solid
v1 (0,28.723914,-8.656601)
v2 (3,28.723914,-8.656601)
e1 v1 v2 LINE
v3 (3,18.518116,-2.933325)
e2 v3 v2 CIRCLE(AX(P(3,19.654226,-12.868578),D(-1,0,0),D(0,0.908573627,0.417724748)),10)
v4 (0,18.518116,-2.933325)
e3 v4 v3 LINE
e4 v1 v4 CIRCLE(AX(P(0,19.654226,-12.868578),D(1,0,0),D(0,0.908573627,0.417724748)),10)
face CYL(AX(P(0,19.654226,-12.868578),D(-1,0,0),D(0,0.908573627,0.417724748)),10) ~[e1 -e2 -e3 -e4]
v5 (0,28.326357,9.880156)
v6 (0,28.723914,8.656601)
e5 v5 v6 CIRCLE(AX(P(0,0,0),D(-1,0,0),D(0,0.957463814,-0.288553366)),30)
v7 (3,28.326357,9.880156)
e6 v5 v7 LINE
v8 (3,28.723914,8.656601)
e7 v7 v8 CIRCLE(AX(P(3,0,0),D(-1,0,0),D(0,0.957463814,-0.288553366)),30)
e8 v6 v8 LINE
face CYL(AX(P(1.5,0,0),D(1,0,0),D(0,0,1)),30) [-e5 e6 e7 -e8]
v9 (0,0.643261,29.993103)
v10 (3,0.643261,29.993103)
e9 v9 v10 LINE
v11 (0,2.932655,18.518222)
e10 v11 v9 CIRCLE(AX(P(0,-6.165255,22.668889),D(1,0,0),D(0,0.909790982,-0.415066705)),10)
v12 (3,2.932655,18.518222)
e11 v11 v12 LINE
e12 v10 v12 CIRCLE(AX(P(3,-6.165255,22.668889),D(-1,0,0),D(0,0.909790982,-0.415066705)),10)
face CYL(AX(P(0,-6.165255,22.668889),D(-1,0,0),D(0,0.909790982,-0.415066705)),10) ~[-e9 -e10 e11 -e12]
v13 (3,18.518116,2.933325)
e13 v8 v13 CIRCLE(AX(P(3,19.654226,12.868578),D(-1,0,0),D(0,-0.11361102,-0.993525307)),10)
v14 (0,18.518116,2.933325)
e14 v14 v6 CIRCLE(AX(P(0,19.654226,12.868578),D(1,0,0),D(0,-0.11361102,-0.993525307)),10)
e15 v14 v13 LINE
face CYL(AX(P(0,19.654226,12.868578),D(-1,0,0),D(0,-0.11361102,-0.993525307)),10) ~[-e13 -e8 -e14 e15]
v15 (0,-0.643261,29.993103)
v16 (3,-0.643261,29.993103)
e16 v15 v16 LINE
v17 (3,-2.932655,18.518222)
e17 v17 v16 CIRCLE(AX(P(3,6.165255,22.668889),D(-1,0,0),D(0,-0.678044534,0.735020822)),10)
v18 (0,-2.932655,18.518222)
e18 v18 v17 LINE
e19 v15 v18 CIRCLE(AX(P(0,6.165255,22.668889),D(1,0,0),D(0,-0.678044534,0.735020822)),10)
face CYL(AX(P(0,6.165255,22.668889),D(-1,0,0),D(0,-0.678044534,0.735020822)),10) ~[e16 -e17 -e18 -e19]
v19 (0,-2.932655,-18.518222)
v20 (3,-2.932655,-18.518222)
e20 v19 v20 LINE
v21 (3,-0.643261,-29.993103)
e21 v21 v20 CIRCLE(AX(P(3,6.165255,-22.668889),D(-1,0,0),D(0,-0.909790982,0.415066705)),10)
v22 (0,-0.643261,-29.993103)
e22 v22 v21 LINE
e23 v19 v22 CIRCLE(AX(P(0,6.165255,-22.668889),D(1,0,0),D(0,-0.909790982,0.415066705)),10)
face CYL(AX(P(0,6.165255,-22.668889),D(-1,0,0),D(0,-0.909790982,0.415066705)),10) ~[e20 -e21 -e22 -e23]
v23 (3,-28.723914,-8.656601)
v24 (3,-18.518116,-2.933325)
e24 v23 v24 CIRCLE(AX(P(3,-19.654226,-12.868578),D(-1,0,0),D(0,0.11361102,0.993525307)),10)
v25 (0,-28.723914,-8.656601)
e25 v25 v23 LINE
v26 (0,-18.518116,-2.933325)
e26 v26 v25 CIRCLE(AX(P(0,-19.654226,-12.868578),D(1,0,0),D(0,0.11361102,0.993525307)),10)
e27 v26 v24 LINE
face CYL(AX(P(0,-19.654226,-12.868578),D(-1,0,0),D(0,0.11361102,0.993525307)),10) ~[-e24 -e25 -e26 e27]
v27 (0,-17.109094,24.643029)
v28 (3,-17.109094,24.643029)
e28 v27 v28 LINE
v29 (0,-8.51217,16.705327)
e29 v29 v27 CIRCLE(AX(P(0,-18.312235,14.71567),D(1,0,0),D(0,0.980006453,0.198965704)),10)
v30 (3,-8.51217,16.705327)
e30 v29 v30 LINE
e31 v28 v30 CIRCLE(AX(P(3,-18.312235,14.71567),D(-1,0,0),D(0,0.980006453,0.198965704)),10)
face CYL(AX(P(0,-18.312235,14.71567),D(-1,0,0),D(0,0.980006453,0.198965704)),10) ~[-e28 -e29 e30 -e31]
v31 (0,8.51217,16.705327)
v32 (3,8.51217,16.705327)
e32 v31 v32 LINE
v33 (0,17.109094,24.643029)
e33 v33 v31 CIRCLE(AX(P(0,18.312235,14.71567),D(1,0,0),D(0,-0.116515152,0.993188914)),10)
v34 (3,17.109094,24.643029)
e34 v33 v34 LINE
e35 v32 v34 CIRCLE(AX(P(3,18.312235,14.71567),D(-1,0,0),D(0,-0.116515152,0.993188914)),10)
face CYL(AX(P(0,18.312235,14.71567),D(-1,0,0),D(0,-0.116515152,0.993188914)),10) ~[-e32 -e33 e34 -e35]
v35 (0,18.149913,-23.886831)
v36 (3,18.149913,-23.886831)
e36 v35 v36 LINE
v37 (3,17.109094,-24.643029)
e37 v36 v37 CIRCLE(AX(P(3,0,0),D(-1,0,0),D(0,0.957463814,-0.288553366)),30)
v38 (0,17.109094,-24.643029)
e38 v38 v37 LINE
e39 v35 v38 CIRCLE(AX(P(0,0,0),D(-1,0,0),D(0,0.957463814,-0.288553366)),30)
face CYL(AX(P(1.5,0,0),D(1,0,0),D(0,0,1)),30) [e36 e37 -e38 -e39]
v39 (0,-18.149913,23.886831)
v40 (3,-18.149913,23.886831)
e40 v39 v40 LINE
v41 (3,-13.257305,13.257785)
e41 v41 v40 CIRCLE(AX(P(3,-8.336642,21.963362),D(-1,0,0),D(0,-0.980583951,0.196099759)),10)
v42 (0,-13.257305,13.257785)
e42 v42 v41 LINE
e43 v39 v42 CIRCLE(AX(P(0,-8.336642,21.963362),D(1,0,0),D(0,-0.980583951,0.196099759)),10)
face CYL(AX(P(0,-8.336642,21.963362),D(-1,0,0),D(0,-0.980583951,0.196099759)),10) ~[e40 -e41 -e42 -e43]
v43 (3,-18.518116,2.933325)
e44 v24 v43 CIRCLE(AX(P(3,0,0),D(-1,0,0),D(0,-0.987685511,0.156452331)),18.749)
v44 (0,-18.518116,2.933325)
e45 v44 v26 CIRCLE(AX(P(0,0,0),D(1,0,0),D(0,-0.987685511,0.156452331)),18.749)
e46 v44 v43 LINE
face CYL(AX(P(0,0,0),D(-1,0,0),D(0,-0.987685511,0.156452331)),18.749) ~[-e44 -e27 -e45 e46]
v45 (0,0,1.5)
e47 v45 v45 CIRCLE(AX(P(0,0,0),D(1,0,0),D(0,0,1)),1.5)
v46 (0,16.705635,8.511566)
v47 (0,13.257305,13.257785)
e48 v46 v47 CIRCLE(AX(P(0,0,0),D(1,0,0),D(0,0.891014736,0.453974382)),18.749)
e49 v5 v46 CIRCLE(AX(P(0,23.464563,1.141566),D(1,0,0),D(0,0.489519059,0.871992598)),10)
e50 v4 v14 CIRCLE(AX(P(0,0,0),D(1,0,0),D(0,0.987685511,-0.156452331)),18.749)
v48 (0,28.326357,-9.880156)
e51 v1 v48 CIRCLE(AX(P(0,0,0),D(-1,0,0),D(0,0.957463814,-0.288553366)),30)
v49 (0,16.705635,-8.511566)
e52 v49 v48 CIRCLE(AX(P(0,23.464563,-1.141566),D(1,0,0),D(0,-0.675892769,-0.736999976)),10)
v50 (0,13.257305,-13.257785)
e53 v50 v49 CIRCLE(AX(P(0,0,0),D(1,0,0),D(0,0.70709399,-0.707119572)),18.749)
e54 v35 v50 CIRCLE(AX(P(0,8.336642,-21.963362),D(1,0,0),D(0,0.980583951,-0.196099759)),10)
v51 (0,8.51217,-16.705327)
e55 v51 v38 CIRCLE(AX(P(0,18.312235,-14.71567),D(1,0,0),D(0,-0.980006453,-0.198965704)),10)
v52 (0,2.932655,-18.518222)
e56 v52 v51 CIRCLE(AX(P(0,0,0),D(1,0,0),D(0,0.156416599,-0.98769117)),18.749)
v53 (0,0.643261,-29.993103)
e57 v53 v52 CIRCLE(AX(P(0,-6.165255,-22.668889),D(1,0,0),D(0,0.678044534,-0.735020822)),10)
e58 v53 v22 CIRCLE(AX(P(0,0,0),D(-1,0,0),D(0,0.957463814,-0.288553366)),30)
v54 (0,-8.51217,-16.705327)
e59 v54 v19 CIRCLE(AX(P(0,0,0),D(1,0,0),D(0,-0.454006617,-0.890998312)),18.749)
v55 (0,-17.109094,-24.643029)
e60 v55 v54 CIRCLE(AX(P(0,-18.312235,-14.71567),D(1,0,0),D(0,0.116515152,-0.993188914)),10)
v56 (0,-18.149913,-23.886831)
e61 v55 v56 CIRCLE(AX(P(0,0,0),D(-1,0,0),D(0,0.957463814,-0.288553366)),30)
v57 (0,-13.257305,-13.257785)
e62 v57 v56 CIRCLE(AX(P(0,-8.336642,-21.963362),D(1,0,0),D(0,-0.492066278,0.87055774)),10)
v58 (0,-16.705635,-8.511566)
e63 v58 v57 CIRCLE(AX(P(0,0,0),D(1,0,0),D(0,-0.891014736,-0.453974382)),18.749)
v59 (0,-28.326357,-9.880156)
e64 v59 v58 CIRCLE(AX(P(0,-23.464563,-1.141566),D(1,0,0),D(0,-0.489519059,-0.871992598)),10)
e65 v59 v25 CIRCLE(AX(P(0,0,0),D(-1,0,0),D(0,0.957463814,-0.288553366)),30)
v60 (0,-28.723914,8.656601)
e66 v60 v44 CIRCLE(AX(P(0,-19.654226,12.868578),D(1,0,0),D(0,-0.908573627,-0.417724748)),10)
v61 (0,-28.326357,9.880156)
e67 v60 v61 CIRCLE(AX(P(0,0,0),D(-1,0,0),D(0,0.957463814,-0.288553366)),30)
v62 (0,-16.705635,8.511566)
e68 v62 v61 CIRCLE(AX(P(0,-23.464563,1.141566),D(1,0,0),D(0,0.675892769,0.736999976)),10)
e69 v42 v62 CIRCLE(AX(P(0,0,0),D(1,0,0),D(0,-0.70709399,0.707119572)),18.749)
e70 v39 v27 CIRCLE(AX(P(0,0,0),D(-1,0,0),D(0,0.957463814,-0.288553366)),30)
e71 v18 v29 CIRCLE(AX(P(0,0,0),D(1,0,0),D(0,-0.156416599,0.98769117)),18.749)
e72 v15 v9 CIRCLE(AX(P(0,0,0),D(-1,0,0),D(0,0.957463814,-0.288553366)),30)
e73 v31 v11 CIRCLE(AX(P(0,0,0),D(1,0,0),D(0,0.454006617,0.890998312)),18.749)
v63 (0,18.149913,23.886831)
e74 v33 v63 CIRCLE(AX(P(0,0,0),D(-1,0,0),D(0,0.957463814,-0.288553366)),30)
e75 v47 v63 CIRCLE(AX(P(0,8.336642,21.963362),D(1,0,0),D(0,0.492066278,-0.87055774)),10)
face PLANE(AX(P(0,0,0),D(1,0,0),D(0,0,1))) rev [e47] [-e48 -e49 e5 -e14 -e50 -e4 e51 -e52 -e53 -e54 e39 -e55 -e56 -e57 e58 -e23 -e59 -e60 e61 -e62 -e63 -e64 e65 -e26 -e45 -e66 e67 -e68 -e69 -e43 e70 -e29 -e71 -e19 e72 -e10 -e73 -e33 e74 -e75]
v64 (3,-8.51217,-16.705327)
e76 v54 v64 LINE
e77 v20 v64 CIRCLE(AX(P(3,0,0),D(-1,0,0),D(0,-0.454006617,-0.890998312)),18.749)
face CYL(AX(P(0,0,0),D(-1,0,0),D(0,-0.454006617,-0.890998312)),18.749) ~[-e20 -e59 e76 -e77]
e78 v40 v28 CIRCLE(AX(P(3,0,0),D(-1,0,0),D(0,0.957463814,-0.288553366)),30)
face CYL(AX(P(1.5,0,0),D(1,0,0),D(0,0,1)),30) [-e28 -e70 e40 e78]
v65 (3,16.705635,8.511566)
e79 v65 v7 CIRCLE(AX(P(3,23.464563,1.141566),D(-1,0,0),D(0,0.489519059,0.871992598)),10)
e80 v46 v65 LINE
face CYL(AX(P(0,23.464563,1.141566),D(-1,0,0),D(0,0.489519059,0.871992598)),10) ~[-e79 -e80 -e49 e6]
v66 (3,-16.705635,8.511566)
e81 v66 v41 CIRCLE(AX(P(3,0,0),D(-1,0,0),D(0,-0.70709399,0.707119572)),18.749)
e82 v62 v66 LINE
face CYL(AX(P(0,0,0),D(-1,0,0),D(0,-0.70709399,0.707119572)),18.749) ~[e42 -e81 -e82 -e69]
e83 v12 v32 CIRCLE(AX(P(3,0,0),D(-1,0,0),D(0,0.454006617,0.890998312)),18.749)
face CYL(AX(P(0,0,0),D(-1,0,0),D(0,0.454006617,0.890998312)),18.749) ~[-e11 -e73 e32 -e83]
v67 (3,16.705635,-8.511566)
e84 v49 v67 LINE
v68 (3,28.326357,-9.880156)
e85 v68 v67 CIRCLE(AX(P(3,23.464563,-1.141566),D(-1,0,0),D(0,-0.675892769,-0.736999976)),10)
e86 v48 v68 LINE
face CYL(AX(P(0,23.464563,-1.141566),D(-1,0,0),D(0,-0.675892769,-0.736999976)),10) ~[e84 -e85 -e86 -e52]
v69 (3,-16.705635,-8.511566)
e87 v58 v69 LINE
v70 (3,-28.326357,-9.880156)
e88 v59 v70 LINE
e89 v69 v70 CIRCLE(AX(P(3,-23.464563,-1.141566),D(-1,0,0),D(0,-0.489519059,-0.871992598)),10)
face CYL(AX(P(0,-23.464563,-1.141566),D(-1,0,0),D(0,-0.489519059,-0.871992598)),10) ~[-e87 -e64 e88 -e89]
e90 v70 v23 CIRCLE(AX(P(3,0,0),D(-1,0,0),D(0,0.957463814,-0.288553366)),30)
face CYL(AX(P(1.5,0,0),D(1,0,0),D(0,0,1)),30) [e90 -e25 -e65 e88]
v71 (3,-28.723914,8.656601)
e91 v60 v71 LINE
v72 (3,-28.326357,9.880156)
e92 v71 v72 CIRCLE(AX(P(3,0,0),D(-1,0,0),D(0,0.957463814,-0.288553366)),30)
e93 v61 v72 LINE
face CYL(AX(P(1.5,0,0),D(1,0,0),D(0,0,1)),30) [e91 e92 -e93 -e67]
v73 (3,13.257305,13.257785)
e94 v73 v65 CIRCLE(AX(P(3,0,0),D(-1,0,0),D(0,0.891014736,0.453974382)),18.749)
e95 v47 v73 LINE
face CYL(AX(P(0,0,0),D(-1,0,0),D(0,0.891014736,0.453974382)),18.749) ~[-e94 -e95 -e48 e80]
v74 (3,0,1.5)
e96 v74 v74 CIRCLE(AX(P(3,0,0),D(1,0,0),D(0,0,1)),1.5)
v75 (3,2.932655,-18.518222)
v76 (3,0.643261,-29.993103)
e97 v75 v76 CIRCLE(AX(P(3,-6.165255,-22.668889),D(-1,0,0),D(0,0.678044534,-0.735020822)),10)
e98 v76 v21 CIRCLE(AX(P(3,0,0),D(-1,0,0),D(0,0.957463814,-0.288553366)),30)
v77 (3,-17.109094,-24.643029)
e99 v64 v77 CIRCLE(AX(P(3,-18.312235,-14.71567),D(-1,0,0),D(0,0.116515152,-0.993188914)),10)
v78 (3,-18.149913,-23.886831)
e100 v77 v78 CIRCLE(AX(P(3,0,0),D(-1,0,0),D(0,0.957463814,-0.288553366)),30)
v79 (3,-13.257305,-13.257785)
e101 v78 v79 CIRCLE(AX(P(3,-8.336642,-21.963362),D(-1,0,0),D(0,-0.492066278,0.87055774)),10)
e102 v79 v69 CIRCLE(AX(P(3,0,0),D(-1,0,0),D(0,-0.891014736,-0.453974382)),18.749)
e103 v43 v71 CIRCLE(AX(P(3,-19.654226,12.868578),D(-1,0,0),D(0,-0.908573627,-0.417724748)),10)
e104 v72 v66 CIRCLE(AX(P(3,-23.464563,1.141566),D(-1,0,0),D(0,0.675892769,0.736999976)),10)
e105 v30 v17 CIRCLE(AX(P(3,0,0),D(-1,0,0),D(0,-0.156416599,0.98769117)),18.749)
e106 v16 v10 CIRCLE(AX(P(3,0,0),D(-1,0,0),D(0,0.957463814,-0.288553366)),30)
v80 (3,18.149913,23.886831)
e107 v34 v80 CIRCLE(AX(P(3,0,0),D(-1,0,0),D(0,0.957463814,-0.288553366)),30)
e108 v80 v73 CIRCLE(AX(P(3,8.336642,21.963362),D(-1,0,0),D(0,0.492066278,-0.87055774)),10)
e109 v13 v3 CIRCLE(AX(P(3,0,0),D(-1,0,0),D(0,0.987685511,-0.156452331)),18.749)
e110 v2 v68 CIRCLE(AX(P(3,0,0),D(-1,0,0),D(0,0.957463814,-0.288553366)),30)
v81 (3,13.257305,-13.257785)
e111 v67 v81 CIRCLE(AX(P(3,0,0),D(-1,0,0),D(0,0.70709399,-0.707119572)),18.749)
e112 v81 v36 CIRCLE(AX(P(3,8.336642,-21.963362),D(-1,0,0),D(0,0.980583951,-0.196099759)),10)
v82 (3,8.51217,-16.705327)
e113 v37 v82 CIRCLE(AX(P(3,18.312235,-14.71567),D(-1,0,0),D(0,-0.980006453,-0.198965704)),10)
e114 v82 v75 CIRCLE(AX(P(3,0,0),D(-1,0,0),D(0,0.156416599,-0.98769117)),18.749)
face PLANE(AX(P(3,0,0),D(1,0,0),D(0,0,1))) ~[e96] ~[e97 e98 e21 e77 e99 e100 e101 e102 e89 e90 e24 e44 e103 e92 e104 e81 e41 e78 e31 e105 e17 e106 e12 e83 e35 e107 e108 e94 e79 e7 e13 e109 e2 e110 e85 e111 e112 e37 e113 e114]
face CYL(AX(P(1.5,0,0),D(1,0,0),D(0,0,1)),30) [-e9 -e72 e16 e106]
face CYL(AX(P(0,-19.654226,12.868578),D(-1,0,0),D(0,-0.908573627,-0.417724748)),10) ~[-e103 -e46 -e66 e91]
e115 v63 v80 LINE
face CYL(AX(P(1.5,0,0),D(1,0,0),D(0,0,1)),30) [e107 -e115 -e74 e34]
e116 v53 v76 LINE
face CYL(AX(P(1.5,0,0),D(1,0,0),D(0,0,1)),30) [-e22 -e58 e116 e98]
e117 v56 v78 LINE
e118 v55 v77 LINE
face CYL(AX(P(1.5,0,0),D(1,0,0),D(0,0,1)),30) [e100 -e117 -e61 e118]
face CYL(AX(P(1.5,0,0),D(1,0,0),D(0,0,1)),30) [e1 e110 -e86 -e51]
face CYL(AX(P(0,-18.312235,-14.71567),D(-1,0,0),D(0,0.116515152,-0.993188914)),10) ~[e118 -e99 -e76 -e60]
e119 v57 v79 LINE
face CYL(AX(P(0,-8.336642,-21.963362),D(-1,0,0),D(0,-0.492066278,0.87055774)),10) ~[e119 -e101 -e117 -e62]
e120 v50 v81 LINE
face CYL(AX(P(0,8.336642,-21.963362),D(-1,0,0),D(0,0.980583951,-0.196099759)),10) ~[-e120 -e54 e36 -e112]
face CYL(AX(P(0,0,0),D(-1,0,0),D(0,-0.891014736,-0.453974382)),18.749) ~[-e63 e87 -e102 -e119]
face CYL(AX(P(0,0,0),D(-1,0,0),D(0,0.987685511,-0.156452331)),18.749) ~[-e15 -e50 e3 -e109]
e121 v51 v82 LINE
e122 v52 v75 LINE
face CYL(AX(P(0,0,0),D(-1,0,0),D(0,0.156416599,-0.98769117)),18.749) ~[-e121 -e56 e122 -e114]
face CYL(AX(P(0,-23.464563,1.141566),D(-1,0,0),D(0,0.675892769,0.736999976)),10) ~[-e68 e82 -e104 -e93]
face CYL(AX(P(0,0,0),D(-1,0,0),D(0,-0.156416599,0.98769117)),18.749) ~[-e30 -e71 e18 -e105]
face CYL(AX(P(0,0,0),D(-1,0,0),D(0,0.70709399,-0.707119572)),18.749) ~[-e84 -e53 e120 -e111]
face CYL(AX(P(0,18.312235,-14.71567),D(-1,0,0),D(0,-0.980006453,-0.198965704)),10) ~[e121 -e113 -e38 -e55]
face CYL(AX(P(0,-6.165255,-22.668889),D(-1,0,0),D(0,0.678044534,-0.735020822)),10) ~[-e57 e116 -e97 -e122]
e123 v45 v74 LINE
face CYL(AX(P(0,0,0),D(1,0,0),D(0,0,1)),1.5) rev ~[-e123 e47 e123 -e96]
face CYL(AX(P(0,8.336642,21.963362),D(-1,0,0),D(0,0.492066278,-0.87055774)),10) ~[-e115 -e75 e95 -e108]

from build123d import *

# Parameters (mm, degrees)
BASPROSKE_W     = 3
BASPROSKE_H     = 30
TOOTHCUT_DEPTH  = 43.532340636
TEETHCUTS_COUNT = 10
TEETHCUTS_ANGLE = 324
BORSKE_R        = 1.5
BORE_DEPTH      = 50.0000508


with BuildPart() as part:
    # BasProSke → Base-Revolve (revolve)
    with BuildSketch(Plane(origin=(0, 0, 0), x_dir=(1, 0, 0), z_dir=(0, 1, 0)), mode=Mode.PRIVATE) as base_revolve_sk:
        with Locations((1.5, 15)):
            Rectangle(BASPROSKE_W, BASPROSKE_H)
    revolve(base_revolve_sk.sketch.rotate(Axis((-10, 0, 0), (1, 0, 0)), 180), axis=Axis((-10, 0, 0), (1, 0, 0)))

    # TooCutSke → ToothCut (cut, through all)
    with BuildSketch(Plane(origin=(0, 0, 0), x_dir=(0, 0, -1), z_dir=(1, 0, 0))):
        with BuildLine():
            ThreePointArc((2.93332476, 18.51811564), (0, 18.749), (-2.93332476, 18.51811564))
            ThreePointArc((-2.93332476, 18.51811564), (-4.155816835, 24.562157762), (-8.691330358, 28.739962104))
            ThreePointArc((-8.691330358, 28.739962104), (0, 30.0254), (8.691330358, 28.739962104))
            ThreePointArc((8.691330358, 28.739962104), (4.155816835, 24.562157762), (2.93332476, 18.51811564))
        make_face()
    toothcut = extrude(amount=TOOTHCUT_DEPTH, mode=Mode.SUBTRACT)

    # TeethCuts: ToothCut ×10 about axis
    teethcuts_axis = Axis((-10, 0, 0), (1, 0, 0))
    for i in range(1, TEETHCUTS_COUNT):
        add(toothcut.rotate(teethcuts_axis, i * TEETHCUTS_ANGLE / (TEETHCUTS_COUNT - 1)), mode=Mode.SUBTRACT)

    # BorSke → Bore (cut, symmetric)
    with BuildSketch(Plane(origin=(0, 0, 0), x_dir=(0, 0, -1), z_dir=(1, 0, 0))):
        with Locations(Location((0, 0, 0), (0, 0, 180))):
            Circle(BORSKE_R)
    extrude(amount=BORE_DEPTH, both=True, mode=Mode.SUBTRACT)


solid = part.part
